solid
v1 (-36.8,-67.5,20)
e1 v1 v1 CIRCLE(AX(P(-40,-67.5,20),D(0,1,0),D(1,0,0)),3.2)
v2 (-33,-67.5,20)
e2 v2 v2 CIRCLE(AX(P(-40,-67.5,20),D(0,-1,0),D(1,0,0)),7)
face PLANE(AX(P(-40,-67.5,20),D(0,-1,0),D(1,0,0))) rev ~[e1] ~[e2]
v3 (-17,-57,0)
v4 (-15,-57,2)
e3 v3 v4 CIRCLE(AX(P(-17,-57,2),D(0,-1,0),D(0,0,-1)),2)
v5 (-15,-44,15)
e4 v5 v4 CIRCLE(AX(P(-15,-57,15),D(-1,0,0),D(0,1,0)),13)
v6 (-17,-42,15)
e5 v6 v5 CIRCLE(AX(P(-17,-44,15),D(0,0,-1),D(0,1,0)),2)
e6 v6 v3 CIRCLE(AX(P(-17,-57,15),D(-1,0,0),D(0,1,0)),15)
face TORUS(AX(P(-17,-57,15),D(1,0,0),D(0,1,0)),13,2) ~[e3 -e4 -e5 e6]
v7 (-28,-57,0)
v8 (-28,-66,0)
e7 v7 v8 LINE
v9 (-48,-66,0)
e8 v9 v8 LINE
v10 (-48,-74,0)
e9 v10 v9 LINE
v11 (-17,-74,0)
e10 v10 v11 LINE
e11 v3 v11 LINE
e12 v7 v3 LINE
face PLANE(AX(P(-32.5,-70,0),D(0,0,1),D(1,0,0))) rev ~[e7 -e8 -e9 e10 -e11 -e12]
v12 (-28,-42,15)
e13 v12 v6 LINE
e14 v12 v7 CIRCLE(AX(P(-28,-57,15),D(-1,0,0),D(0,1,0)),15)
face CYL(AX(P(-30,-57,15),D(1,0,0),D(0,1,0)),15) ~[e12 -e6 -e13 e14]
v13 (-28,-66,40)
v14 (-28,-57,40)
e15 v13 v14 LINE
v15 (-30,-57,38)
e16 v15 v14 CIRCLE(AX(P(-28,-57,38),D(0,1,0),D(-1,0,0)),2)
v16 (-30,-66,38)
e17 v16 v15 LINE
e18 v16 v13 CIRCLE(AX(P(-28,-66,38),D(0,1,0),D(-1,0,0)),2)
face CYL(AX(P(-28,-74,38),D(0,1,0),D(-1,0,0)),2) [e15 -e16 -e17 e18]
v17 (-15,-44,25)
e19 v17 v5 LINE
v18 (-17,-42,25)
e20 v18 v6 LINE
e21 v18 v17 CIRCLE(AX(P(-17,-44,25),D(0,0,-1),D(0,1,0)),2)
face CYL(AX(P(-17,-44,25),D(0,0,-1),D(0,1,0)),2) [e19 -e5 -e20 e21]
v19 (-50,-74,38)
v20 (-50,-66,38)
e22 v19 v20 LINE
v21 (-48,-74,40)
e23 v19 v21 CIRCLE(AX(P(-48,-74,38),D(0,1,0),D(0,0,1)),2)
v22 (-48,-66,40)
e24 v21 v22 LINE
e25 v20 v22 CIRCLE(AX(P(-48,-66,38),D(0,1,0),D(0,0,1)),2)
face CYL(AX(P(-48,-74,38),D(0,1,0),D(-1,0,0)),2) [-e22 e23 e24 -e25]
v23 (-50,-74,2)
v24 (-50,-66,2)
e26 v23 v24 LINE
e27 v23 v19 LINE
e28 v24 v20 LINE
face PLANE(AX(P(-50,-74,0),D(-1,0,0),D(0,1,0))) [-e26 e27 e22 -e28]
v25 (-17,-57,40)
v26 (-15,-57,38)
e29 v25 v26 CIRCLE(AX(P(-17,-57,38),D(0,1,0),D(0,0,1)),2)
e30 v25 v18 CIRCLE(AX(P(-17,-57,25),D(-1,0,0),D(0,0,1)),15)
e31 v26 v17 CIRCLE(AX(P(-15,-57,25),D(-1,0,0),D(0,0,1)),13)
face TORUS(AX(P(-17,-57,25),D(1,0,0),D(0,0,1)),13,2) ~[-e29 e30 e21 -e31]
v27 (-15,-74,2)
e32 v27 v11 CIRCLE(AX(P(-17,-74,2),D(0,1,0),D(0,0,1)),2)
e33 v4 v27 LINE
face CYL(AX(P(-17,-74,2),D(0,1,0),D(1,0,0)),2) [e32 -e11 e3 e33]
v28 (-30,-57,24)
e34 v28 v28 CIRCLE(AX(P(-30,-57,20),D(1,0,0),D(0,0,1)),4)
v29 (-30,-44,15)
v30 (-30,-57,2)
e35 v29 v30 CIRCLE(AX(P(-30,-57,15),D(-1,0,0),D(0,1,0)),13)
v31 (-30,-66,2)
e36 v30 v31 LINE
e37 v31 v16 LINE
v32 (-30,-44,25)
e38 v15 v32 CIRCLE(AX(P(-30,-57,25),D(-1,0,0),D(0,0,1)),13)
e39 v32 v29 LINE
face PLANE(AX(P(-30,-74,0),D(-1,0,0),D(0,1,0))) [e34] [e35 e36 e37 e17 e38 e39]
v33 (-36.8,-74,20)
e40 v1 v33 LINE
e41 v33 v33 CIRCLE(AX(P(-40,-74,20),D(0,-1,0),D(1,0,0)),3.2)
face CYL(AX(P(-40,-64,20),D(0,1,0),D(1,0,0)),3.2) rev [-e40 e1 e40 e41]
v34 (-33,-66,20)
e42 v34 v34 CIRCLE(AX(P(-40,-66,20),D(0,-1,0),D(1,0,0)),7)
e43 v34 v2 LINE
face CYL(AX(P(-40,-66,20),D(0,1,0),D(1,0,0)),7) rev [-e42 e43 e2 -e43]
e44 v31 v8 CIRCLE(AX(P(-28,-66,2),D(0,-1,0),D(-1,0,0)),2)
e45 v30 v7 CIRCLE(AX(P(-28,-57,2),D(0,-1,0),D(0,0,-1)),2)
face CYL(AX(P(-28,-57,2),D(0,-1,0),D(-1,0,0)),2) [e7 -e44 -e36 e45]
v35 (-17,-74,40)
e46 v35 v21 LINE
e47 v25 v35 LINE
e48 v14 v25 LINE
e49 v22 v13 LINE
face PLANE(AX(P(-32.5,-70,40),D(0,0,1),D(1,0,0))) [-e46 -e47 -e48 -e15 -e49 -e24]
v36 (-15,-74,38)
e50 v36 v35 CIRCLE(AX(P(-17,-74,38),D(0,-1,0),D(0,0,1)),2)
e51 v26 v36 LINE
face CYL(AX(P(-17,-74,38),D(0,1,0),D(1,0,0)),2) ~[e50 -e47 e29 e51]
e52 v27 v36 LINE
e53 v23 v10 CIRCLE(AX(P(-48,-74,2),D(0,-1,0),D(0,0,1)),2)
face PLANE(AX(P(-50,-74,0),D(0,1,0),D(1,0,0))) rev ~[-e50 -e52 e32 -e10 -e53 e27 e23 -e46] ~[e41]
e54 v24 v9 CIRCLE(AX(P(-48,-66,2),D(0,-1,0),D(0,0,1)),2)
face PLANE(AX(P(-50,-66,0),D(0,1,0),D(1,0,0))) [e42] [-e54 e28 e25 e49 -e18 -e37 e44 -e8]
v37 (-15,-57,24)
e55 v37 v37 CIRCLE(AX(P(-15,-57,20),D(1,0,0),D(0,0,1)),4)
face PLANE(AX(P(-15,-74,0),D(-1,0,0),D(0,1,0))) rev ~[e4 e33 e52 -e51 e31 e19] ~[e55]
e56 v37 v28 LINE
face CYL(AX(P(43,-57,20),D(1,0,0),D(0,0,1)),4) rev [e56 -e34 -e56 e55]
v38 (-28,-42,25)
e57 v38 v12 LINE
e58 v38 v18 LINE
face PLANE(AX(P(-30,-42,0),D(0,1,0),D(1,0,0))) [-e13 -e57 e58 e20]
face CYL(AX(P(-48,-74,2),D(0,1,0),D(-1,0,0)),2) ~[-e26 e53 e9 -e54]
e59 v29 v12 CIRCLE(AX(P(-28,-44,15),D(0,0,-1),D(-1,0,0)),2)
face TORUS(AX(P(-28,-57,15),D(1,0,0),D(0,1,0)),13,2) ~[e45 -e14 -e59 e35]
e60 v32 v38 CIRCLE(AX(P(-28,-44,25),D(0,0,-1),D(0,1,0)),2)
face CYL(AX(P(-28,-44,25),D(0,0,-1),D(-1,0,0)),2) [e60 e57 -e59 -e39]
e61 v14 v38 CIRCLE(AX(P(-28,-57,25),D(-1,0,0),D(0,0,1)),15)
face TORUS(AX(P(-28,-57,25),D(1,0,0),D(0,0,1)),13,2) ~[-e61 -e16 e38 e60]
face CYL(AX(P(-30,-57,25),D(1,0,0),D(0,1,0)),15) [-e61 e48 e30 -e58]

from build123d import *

# Parameters (mm, degrees)
CYLINDER010_R     = 3.2
CYLINDER010_DEPTH = 10
CYLINDER011_R     = 7
CYLINDER011_DEPTH = 1.5
CYLINDER006_R     = 4
CYLINDER006_DEPTH = 81
BOX011_W          = 15
BOX011_H          = 32
BOX011_DEPTH      = 40
FILLET005_R       = 15
FILLET012005_R    = 2
BOX013_W          = 35
BOX013_H          = 8
BOX013_DEPTH      = 40
FILLET012007_R    = 2


with BuildPart() as cylinder010:
    # Cylinder010 → Cylinder010 (new body)
    with BuildSketch(Plane(origin=(-40, -64, 20), x_dir=(1, 0, 0), z_dir=(0, -1, 0))):
        Circle(CYLINDER010_R)
    extrude(amount=CYLINDER010_DEPTH)


with BuildPart() as fusion006:
    # Cylinder011 → Cylinder011 (new body)
    with BuildSketch(Plane(origin=(-40, -66, 20), x_dir=(1, 0, 0), z_dir=(0, -1, 0))):
        Circle(CYLINDER011_R)
    extrude(amount=CYLINDER011_DEPTH)

    # Fusion006: union Cylinder010
    add(cylinder010.part)


with BuildPart() as cylinder006:
    # Cylinder006 → Cylinder006 (new body)
    with BuildSketch(Plane(origin=(43, -57, 20), x_dir=(0, 0, 1), z_dir=(-1, 0, 0))):
        Circle(CYLINDER006_R)
    extrude(amount=CYLINDER006_DEPTH)


with BuildPart() as fillet012005:
    # Box011 → Box011 (new body)
    with BuildSketch(Plane(origin=(-30, -74, 0), x_dir=(1, 0, 0), z_dir=(0, 0, 1))):
        with Locations((7.5, 16)):
            Rectangle(BOX011_W, BOX011_H)
    extrude(amount=BOX011_DEPTH)

    # Fillet005
    fillet005_edges = [fillet012005.edges().sort_by_distance(p)[0] for p in [
        (-22.5, -42, 0),
        (-22.5, -42, 40),
    ]]
    fillet(fillet005_edges, radius=FILLET005_R)

    # Cut014: cut Cylinder006
    add(cylinder006.part, mode=Mode.SUBTRACT)

    # Fillet012005
    fillet012005_edges = [fillet012005.edges().sort_by_distance(p)[0] for p in [
        (-30, -65.5, 40),
        (-30, -46.393398, 35.606602),
        (-30, -42, 20),
        (-30, -65.5, 0),
        (-30, -46.393398, 4.393398),
        (-15, -65.5, 40),
        (-15, -46.393398, 35.606602),
        (-15, -42, 20),
        (-15, -65.5, 0),
        (-15, -46.393398, 4.393398),
    ]]
    fillet(fillet012005_edges, radius=FILLET012005_R)


with BuildPart() as cut019:
    # Box013 → Box013 (new body)
    with BuildSketch(Plane(origin=(-50, -74, 0), x_dir=(1, 0, 0), z_dir=(0, 0, 1))):
        with Locations((17.5, 4)):
            Rectangle(BOX013_W, BOX013_H)
    extrude(amount=BOX013_DEPTH)

    # Fillet012007
    fillet012007_edges = [cut019.edges().sort_by_distance(p)[0] for p in [
        (-50, -70, 40),
        (-50, -70, 0),
        (-15, -70, 40),
        (-15, -70, 0),
    ]]
    fillet(fillet012007_edges, radius=FILLET012007_R)

    # Fusion004: union Fillet012005
    add(fillet012005.part)

    # Cut019: cut Fusion006
    add(fusion006.part, mode=Mode.SUBTRACT)


solid = cut019.part
